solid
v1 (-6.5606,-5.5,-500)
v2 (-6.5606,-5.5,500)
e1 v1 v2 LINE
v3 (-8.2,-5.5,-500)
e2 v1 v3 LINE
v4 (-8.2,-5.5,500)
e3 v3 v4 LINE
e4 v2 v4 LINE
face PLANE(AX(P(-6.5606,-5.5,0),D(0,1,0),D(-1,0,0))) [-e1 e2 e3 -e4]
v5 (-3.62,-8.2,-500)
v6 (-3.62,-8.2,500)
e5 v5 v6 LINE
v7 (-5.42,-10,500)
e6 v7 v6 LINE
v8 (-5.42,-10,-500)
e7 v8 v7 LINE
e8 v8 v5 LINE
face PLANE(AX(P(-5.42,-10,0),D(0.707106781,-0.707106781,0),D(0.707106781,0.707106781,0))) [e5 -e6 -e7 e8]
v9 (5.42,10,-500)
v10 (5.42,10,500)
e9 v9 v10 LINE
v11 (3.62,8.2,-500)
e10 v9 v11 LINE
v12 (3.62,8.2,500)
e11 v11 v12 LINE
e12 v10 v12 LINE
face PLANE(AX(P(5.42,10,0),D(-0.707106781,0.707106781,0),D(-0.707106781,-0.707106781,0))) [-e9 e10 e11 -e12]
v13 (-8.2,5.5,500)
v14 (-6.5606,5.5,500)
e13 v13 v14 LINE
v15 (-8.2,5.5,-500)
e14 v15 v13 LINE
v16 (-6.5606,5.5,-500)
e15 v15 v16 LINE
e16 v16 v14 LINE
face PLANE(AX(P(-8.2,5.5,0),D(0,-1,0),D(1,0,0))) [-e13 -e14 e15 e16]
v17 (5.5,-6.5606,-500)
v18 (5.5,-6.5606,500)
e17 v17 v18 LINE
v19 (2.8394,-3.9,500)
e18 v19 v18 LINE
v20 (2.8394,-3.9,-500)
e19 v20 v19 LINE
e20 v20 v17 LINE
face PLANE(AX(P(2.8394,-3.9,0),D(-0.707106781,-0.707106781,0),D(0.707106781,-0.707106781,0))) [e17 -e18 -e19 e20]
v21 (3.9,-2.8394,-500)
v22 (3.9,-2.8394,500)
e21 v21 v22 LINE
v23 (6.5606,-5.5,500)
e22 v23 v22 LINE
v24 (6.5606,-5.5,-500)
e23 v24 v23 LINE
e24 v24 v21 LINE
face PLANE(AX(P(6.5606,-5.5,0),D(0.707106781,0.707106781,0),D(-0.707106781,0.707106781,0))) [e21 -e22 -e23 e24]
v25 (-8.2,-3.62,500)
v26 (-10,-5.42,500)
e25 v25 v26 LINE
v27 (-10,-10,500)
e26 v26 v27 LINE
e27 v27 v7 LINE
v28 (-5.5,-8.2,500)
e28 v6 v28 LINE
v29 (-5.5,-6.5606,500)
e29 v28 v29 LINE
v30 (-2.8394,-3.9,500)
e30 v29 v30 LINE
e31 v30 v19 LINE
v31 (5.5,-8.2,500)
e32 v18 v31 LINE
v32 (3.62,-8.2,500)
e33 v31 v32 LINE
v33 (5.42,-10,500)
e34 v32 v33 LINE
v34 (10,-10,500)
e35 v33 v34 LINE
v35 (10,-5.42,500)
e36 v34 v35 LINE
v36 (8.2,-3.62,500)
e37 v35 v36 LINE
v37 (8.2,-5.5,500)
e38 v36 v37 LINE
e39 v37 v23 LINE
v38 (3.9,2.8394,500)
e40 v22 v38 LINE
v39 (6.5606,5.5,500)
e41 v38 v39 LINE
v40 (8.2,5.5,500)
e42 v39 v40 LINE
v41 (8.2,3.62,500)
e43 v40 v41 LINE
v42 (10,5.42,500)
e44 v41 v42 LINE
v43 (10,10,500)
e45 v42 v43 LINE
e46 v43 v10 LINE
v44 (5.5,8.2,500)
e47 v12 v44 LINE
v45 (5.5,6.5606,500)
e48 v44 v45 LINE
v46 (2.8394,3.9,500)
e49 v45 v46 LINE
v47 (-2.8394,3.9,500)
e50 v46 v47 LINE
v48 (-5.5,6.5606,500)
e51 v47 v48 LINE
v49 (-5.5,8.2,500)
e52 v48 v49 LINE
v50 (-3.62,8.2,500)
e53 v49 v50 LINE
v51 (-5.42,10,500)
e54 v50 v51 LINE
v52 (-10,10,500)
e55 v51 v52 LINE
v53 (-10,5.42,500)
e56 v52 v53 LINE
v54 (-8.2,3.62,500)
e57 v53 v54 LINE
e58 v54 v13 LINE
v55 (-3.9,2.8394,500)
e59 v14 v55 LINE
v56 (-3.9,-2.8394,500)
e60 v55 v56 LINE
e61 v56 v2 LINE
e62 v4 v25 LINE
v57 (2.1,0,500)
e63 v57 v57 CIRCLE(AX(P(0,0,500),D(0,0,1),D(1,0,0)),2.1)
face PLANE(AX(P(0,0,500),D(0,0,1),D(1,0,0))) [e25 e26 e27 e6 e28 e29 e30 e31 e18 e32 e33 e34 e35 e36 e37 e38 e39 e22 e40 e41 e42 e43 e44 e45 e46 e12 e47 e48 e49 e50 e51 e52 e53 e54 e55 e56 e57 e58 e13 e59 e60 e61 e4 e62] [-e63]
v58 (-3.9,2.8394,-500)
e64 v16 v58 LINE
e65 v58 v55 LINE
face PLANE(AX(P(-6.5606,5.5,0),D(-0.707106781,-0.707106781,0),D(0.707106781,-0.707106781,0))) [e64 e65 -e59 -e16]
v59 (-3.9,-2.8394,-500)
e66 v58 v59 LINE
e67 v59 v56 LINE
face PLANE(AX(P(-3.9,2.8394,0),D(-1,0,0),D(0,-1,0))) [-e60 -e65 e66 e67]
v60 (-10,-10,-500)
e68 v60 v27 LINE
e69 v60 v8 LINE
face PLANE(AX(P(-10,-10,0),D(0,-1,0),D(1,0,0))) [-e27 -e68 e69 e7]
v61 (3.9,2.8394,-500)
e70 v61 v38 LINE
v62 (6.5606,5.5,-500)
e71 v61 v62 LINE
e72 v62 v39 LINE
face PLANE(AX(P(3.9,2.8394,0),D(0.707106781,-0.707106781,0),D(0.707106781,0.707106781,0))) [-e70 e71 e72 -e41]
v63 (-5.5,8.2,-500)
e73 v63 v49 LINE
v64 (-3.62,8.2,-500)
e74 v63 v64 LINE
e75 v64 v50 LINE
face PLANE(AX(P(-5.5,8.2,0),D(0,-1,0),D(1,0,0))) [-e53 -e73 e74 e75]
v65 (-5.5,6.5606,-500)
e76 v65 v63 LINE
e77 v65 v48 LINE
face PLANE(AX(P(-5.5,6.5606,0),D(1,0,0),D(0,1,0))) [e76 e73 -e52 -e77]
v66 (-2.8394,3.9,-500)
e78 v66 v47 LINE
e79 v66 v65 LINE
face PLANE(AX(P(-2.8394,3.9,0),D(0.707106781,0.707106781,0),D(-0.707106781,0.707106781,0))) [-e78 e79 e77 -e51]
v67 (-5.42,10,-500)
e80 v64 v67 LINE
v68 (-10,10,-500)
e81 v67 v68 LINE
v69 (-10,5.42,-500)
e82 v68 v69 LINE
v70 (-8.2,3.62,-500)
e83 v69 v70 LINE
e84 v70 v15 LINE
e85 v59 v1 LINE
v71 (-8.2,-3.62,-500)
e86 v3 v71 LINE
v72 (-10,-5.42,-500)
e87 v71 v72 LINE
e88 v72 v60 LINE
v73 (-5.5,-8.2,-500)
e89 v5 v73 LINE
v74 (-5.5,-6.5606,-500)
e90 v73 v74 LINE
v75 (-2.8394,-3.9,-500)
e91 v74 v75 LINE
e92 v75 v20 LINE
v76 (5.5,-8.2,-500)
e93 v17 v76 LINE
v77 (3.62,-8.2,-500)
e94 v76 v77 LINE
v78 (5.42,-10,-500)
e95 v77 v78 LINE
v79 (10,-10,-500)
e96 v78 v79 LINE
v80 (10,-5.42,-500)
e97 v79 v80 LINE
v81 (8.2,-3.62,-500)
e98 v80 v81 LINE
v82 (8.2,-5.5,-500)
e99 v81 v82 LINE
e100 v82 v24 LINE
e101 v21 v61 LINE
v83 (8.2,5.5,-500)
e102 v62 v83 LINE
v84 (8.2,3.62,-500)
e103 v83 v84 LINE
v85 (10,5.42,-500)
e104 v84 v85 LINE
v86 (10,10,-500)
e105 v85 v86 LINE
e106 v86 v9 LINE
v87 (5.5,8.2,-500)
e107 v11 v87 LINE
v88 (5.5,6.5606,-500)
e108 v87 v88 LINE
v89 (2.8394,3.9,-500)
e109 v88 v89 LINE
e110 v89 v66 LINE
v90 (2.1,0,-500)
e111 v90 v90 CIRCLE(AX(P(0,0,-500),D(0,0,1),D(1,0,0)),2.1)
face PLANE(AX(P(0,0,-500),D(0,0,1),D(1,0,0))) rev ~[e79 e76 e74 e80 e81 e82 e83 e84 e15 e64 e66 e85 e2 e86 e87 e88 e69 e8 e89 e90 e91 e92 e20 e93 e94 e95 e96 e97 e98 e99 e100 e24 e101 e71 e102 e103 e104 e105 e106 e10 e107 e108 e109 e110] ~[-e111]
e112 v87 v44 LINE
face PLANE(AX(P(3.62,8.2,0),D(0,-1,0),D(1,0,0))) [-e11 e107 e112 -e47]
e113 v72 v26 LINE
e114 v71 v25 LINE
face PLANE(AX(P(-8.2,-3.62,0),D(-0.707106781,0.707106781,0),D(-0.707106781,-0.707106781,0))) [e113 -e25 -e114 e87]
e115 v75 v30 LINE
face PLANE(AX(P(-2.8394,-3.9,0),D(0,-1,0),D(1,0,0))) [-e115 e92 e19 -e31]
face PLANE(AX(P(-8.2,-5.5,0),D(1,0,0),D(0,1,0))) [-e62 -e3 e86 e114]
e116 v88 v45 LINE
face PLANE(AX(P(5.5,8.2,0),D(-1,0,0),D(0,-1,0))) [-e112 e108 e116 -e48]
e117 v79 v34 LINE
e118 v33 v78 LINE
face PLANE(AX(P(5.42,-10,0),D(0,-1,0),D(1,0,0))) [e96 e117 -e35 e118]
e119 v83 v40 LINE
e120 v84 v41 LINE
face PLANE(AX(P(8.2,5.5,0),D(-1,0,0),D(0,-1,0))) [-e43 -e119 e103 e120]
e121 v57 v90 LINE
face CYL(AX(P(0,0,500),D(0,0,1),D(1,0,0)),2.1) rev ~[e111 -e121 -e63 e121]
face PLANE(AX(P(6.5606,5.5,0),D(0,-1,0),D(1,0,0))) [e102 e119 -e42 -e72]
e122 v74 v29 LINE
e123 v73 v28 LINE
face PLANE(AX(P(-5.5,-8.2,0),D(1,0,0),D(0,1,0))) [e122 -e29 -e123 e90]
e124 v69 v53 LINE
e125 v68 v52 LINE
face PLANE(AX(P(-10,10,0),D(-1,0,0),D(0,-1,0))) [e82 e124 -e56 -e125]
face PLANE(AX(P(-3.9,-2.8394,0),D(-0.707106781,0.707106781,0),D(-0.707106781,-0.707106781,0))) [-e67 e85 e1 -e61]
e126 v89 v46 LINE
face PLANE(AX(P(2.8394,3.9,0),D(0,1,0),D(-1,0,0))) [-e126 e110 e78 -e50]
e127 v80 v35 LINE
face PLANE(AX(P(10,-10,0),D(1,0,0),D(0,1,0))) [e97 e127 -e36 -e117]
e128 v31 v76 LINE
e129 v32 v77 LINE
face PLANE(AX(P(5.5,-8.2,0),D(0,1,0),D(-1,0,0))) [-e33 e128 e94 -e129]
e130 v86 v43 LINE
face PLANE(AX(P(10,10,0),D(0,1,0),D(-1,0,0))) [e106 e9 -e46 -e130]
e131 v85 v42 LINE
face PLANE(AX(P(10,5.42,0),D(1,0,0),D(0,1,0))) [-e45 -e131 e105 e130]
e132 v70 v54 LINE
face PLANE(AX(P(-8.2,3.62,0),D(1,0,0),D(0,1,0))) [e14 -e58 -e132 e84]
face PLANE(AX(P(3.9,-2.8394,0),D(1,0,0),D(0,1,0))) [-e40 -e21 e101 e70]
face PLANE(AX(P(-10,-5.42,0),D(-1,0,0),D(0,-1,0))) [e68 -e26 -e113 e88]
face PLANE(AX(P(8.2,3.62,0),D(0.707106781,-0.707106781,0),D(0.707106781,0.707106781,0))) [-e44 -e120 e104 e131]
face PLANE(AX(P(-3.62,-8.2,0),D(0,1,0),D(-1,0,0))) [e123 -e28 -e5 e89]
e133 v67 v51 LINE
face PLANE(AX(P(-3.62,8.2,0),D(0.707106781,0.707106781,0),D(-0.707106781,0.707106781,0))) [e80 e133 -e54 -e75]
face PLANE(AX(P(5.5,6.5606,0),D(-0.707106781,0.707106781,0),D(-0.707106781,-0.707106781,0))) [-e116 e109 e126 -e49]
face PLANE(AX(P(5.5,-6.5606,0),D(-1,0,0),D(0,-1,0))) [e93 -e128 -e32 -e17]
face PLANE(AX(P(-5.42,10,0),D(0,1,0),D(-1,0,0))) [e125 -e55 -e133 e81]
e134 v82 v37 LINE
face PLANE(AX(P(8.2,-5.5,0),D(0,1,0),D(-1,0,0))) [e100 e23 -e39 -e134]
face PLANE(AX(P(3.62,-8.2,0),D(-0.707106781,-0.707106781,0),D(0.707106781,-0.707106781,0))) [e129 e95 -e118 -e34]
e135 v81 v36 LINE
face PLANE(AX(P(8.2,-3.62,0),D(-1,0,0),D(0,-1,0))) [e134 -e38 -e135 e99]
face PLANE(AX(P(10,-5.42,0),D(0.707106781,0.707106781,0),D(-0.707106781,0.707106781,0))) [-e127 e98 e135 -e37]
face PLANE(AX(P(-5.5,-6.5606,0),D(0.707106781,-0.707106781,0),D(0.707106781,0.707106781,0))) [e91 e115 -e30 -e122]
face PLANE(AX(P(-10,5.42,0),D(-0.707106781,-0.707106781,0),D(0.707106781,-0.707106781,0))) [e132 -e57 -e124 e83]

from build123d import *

# Parameters (mm, degrees)
BOSS_EXTRUDE1_DEPTH = 500
SKETCH2_R           = 2.1
CUT_EXTRUDE1_DEPTH  = 1001.099995


with BuildPart() as part:
    # Sketch1 → Boss-Extrude1 (new, symmetric)
    with BuildSketch(Plane.XY):
        Polygon((5.42, -10), (10, -10), (10, -5.42), (8.2, -3.62), (8.2, -5.5), (6.5606, -5.5), (3.9, -2.8394), (3.9, 0), (3.9, 2.8394), (6.5606, 5.5), (8.2, 5.5), (8.2, 3.62), (10, 5.42), (10, 10), (5.42, 10), (3.62, 8.2), (5.5, 8.2), (5.5, 6.5606), (2.8394, 3.9), (-2.8394, 3.9), (-5.5, 6.5606), (-5.5, 8.2), (-3.62, 8.2), (-5.42, 10), (-10, 10), (-10, 5.42), (-8.2, 3.62), (-8.2, 5.5), (-6.5606, 5.5), (-3.9, 2.8394), (-3.9, 0), (-3.9, -2.8394), (-6.5606, -5.5), (-8.2, -5.5), (-8.2, -3.62), (-10, -5.42), (-10, -10), (-5.42, -10), (-3.62, -8.2), (-5.5, -8.2), (-5.5, -6.5606), (-2.8394, -3.9), (2.8394, -3.9), (5.5, -6.5606), (5.5, -8.2), (3.62, -8.2), align=None)
    extrude(amount=BOSS_EXTRUDE1_DEPTH, both=True)

    # Sketch2 → Cut-Extrude1 (cut, through all)
    with BuildSketch(Plane.XY.offset(500)):
        Circle(SKETCH2_R)
    extrude(amount=-CUT_EXTRUDE1_DEPTH, mode=Mode.SUBTRACT)


solid = part.part
